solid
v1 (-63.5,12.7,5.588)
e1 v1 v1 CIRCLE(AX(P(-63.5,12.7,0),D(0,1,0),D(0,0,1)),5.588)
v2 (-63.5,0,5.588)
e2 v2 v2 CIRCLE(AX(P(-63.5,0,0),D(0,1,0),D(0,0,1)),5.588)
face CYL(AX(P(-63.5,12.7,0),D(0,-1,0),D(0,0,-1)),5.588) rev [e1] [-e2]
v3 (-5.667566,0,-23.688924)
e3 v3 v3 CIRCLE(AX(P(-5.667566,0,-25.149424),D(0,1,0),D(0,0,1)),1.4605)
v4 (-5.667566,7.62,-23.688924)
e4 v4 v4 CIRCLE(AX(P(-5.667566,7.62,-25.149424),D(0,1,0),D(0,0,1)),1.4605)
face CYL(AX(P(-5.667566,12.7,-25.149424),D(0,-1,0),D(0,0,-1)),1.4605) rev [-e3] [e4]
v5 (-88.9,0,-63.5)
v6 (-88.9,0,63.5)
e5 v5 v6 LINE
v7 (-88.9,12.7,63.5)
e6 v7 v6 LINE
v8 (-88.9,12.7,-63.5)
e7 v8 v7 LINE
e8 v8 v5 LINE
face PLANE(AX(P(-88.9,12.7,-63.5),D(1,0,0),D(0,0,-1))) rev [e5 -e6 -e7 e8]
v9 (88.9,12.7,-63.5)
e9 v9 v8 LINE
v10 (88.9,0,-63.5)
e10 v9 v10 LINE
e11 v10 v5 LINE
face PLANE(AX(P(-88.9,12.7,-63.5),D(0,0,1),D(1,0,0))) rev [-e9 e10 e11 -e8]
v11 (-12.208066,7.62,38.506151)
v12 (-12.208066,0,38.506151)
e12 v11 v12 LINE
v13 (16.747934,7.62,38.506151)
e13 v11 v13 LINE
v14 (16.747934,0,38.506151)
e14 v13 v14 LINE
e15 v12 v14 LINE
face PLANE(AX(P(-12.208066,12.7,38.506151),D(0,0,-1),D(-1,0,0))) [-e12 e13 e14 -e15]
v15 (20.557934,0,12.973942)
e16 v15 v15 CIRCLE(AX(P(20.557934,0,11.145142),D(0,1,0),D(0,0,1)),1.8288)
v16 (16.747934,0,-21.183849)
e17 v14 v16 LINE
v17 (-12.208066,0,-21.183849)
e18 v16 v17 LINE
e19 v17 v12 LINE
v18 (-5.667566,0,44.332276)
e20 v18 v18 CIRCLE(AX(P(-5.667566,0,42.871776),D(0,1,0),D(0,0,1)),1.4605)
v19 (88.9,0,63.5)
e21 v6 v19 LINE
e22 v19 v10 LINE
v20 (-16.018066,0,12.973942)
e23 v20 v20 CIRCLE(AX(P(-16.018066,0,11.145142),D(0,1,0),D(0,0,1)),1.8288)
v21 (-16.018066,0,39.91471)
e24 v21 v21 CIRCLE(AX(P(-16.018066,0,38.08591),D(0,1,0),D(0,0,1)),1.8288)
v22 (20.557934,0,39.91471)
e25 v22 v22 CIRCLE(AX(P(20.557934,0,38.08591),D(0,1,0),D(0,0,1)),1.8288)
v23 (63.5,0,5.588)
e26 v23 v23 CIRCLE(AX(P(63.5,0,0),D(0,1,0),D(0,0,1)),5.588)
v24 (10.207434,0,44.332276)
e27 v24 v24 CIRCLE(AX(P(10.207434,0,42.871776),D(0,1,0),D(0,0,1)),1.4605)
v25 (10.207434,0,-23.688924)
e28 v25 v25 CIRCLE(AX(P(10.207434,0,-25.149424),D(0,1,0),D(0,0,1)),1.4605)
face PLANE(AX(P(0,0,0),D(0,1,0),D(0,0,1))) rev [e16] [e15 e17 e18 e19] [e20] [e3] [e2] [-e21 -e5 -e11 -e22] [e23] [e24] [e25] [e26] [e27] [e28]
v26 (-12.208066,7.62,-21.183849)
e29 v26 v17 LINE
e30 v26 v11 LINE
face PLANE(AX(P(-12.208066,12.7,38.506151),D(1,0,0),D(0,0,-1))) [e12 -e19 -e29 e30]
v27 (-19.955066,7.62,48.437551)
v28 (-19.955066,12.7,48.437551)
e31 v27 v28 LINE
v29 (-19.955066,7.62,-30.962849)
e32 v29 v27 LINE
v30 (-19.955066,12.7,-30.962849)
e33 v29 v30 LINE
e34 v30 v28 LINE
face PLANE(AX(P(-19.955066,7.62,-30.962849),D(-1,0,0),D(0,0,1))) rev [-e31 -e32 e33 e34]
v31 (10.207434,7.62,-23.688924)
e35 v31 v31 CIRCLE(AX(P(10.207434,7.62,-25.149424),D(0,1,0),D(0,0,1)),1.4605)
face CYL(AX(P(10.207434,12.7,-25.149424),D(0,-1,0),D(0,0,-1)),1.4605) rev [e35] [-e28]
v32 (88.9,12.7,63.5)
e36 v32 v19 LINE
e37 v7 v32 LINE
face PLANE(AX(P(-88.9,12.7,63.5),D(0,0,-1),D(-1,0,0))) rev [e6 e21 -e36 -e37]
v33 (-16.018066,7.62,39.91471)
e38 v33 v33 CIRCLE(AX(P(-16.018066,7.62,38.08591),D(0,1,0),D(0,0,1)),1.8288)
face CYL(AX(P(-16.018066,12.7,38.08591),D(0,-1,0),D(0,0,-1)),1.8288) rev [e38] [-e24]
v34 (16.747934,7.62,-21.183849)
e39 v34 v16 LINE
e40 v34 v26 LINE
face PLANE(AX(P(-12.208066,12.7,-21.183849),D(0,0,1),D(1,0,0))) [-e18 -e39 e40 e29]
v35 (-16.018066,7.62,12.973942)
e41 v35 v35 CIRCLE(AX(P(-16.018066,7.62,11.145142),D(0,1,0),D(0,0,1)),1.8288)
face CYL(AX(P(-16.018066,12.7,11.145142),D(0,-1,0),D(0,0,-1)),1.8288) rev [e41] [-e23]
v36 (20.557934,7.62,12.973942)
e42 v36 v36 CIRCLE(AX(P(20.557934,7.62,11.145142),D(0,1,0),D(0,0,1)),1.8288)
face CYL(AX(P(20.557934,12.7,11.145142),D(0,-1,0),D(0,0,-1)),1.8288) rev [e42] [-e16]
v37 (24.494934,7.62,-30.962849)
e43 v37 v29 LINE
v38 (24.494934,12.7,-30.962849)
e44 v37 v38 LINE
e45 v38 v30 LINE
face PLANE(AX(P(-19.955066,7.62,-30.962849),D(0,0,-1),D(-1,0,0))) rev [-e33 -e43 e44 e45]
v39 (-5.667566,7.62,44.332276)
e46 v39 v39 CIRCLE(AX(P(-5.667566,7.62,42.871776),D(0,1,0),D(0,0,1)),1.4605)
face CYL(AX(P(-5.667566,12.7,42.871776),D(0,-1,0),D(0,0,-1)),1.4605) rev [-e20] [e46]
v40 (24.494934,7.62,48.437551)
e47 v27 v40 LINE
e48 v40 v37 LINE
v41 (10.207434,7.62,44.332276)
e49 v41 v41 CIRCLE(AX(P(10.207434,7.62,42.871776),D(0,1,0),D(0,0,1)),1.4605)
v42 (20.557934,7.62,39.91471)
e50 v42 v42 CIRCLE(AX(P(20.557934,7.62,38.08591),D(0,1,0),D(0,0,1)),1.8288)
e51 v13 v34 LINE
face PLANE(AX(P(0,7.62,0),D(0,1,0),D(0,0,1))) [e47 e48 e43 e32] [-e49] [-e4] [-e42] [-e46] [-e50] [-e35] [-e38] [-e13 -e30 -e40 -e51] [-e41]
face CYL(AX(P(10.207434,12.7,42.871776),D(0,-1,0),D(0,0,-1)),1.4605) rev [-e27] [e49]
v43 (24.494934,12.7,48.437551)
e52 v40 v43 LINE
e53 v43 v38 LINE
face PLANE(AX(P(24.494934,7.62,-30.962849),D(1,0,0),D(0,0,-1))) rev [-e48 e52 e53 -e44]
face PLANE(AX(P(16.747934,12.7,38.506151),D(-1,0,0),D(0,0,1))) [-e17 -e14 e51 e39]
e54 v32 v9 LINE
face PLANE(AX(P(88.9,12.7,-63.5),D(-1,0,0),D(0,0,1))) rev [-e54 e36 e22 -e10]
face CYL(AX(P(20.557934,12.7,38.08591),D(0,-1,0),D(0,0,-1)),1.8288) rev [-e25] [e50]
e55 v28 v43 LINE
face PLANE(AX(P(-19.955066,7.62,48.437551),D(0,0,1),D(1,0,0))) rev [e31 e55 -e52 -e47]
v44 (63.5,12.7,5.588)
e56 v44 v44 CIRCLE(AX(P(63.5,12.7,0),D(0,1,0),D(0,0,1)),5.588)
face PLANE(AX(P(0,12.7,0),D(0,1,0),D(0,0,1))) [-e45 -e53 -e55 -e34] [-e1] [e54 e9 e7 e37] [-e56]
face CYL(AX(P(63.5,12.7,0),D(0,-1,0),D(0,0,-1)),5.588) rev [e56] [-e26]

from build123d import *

# Parameters (mm, degrees)
SKETCH1_W           = 177.8
SKETCH1_H           = 127
SKETCH1_R           = 5.588
SKETCH1_R_2         = 1.8288
SKETCH1_R_3         = 1.4605
SKETCH1_W_2         = 28.956
SKETCH1_H_2         = 59.69
BOSS_EXTRUDE1_DEPTH = 12.7
SKETCH2_W           = 44.45
SKETCH2_H           = 79.4004
CUT_EXTRUDE1_DEPTH  = 5.08


with BuildPart() as part:
    # Sketch1 → Boss-Extrude1 (new body)
    with BuildSketch(Plane(origin=(0, 0, 0), x_dir=(1, 0, 0), z_dir=(0, 1, 0))):
        Rectangle(SKETCH1_W, SKETCH1_H)
        with Locations((-63.5, 0)):
            Circle(SKETCH1_R, mode=Mode.SUBTRACT)
        with Locations((63.5, 0)):
            Circle(SKETCH1_R, mode=Mode.SUBTRACT)
        with Locations((20.557934463, -38.085909964)):
            Circle(SKETCH1_R_2, mode=Mode.SUBTRACT)
        with Locations((-16.018065537, -38.085909964)):
            Circle(SKETCH1_R_2, mode=Mode.SUBTRACT)
        with Locations((-16.018065537, -11.145141601)):
            Circle(SKETCH1_R_2, mode=Mode.SUBTRACT)
        with Locations((20.557934463, -11.145141601)):
            Circle(SKETCH1_R_2, mode=Mode.SUBTRACT)
        with Locations((-5.667565537, -42.871775783)):
            Circle(SKETCH1_R_3, mode=Mode.SUBTRACT)
        with Locations((10.207434463, -42.871775783)):
            Circle(SKETCH1_R_3, mode=Mode.SUBTRACT)
        with Locations((-5.667565537, 25.149424217)):
            Circle(SKETCH1_R_3, mode=Mode.SUBTRACT)
        with Locations((10.207434463, 25.149424217)):
            Circle(SKETCH1_R_3, mode=Mode.SUBTRACT)
        with Locations((2.269934463, -8.661150783)):
            Rectangle(SKETCH1_W_2, SKETCH1_H_2, mode=Mode.SUBTRACT)
    extrude(amount=BOSS_EXTRUDE1_DEPTH)

    # Sketch2 → Cut-Extrude1 (cut)
    with BuildSketch(Plane(origin=(0, 12.7, 0), x_dir=(1, 0, 0), z_dir=(0, 1, 0))):
        with Locations((2.269934463, -8.737350783)):
            Rectangle(SKETCH2_W, SKETCH2_H)
    extrude(amount=-CUT_EXTRUDE1_DEPTH, mode=Mode.SUBTRACT)


solid = part.part
